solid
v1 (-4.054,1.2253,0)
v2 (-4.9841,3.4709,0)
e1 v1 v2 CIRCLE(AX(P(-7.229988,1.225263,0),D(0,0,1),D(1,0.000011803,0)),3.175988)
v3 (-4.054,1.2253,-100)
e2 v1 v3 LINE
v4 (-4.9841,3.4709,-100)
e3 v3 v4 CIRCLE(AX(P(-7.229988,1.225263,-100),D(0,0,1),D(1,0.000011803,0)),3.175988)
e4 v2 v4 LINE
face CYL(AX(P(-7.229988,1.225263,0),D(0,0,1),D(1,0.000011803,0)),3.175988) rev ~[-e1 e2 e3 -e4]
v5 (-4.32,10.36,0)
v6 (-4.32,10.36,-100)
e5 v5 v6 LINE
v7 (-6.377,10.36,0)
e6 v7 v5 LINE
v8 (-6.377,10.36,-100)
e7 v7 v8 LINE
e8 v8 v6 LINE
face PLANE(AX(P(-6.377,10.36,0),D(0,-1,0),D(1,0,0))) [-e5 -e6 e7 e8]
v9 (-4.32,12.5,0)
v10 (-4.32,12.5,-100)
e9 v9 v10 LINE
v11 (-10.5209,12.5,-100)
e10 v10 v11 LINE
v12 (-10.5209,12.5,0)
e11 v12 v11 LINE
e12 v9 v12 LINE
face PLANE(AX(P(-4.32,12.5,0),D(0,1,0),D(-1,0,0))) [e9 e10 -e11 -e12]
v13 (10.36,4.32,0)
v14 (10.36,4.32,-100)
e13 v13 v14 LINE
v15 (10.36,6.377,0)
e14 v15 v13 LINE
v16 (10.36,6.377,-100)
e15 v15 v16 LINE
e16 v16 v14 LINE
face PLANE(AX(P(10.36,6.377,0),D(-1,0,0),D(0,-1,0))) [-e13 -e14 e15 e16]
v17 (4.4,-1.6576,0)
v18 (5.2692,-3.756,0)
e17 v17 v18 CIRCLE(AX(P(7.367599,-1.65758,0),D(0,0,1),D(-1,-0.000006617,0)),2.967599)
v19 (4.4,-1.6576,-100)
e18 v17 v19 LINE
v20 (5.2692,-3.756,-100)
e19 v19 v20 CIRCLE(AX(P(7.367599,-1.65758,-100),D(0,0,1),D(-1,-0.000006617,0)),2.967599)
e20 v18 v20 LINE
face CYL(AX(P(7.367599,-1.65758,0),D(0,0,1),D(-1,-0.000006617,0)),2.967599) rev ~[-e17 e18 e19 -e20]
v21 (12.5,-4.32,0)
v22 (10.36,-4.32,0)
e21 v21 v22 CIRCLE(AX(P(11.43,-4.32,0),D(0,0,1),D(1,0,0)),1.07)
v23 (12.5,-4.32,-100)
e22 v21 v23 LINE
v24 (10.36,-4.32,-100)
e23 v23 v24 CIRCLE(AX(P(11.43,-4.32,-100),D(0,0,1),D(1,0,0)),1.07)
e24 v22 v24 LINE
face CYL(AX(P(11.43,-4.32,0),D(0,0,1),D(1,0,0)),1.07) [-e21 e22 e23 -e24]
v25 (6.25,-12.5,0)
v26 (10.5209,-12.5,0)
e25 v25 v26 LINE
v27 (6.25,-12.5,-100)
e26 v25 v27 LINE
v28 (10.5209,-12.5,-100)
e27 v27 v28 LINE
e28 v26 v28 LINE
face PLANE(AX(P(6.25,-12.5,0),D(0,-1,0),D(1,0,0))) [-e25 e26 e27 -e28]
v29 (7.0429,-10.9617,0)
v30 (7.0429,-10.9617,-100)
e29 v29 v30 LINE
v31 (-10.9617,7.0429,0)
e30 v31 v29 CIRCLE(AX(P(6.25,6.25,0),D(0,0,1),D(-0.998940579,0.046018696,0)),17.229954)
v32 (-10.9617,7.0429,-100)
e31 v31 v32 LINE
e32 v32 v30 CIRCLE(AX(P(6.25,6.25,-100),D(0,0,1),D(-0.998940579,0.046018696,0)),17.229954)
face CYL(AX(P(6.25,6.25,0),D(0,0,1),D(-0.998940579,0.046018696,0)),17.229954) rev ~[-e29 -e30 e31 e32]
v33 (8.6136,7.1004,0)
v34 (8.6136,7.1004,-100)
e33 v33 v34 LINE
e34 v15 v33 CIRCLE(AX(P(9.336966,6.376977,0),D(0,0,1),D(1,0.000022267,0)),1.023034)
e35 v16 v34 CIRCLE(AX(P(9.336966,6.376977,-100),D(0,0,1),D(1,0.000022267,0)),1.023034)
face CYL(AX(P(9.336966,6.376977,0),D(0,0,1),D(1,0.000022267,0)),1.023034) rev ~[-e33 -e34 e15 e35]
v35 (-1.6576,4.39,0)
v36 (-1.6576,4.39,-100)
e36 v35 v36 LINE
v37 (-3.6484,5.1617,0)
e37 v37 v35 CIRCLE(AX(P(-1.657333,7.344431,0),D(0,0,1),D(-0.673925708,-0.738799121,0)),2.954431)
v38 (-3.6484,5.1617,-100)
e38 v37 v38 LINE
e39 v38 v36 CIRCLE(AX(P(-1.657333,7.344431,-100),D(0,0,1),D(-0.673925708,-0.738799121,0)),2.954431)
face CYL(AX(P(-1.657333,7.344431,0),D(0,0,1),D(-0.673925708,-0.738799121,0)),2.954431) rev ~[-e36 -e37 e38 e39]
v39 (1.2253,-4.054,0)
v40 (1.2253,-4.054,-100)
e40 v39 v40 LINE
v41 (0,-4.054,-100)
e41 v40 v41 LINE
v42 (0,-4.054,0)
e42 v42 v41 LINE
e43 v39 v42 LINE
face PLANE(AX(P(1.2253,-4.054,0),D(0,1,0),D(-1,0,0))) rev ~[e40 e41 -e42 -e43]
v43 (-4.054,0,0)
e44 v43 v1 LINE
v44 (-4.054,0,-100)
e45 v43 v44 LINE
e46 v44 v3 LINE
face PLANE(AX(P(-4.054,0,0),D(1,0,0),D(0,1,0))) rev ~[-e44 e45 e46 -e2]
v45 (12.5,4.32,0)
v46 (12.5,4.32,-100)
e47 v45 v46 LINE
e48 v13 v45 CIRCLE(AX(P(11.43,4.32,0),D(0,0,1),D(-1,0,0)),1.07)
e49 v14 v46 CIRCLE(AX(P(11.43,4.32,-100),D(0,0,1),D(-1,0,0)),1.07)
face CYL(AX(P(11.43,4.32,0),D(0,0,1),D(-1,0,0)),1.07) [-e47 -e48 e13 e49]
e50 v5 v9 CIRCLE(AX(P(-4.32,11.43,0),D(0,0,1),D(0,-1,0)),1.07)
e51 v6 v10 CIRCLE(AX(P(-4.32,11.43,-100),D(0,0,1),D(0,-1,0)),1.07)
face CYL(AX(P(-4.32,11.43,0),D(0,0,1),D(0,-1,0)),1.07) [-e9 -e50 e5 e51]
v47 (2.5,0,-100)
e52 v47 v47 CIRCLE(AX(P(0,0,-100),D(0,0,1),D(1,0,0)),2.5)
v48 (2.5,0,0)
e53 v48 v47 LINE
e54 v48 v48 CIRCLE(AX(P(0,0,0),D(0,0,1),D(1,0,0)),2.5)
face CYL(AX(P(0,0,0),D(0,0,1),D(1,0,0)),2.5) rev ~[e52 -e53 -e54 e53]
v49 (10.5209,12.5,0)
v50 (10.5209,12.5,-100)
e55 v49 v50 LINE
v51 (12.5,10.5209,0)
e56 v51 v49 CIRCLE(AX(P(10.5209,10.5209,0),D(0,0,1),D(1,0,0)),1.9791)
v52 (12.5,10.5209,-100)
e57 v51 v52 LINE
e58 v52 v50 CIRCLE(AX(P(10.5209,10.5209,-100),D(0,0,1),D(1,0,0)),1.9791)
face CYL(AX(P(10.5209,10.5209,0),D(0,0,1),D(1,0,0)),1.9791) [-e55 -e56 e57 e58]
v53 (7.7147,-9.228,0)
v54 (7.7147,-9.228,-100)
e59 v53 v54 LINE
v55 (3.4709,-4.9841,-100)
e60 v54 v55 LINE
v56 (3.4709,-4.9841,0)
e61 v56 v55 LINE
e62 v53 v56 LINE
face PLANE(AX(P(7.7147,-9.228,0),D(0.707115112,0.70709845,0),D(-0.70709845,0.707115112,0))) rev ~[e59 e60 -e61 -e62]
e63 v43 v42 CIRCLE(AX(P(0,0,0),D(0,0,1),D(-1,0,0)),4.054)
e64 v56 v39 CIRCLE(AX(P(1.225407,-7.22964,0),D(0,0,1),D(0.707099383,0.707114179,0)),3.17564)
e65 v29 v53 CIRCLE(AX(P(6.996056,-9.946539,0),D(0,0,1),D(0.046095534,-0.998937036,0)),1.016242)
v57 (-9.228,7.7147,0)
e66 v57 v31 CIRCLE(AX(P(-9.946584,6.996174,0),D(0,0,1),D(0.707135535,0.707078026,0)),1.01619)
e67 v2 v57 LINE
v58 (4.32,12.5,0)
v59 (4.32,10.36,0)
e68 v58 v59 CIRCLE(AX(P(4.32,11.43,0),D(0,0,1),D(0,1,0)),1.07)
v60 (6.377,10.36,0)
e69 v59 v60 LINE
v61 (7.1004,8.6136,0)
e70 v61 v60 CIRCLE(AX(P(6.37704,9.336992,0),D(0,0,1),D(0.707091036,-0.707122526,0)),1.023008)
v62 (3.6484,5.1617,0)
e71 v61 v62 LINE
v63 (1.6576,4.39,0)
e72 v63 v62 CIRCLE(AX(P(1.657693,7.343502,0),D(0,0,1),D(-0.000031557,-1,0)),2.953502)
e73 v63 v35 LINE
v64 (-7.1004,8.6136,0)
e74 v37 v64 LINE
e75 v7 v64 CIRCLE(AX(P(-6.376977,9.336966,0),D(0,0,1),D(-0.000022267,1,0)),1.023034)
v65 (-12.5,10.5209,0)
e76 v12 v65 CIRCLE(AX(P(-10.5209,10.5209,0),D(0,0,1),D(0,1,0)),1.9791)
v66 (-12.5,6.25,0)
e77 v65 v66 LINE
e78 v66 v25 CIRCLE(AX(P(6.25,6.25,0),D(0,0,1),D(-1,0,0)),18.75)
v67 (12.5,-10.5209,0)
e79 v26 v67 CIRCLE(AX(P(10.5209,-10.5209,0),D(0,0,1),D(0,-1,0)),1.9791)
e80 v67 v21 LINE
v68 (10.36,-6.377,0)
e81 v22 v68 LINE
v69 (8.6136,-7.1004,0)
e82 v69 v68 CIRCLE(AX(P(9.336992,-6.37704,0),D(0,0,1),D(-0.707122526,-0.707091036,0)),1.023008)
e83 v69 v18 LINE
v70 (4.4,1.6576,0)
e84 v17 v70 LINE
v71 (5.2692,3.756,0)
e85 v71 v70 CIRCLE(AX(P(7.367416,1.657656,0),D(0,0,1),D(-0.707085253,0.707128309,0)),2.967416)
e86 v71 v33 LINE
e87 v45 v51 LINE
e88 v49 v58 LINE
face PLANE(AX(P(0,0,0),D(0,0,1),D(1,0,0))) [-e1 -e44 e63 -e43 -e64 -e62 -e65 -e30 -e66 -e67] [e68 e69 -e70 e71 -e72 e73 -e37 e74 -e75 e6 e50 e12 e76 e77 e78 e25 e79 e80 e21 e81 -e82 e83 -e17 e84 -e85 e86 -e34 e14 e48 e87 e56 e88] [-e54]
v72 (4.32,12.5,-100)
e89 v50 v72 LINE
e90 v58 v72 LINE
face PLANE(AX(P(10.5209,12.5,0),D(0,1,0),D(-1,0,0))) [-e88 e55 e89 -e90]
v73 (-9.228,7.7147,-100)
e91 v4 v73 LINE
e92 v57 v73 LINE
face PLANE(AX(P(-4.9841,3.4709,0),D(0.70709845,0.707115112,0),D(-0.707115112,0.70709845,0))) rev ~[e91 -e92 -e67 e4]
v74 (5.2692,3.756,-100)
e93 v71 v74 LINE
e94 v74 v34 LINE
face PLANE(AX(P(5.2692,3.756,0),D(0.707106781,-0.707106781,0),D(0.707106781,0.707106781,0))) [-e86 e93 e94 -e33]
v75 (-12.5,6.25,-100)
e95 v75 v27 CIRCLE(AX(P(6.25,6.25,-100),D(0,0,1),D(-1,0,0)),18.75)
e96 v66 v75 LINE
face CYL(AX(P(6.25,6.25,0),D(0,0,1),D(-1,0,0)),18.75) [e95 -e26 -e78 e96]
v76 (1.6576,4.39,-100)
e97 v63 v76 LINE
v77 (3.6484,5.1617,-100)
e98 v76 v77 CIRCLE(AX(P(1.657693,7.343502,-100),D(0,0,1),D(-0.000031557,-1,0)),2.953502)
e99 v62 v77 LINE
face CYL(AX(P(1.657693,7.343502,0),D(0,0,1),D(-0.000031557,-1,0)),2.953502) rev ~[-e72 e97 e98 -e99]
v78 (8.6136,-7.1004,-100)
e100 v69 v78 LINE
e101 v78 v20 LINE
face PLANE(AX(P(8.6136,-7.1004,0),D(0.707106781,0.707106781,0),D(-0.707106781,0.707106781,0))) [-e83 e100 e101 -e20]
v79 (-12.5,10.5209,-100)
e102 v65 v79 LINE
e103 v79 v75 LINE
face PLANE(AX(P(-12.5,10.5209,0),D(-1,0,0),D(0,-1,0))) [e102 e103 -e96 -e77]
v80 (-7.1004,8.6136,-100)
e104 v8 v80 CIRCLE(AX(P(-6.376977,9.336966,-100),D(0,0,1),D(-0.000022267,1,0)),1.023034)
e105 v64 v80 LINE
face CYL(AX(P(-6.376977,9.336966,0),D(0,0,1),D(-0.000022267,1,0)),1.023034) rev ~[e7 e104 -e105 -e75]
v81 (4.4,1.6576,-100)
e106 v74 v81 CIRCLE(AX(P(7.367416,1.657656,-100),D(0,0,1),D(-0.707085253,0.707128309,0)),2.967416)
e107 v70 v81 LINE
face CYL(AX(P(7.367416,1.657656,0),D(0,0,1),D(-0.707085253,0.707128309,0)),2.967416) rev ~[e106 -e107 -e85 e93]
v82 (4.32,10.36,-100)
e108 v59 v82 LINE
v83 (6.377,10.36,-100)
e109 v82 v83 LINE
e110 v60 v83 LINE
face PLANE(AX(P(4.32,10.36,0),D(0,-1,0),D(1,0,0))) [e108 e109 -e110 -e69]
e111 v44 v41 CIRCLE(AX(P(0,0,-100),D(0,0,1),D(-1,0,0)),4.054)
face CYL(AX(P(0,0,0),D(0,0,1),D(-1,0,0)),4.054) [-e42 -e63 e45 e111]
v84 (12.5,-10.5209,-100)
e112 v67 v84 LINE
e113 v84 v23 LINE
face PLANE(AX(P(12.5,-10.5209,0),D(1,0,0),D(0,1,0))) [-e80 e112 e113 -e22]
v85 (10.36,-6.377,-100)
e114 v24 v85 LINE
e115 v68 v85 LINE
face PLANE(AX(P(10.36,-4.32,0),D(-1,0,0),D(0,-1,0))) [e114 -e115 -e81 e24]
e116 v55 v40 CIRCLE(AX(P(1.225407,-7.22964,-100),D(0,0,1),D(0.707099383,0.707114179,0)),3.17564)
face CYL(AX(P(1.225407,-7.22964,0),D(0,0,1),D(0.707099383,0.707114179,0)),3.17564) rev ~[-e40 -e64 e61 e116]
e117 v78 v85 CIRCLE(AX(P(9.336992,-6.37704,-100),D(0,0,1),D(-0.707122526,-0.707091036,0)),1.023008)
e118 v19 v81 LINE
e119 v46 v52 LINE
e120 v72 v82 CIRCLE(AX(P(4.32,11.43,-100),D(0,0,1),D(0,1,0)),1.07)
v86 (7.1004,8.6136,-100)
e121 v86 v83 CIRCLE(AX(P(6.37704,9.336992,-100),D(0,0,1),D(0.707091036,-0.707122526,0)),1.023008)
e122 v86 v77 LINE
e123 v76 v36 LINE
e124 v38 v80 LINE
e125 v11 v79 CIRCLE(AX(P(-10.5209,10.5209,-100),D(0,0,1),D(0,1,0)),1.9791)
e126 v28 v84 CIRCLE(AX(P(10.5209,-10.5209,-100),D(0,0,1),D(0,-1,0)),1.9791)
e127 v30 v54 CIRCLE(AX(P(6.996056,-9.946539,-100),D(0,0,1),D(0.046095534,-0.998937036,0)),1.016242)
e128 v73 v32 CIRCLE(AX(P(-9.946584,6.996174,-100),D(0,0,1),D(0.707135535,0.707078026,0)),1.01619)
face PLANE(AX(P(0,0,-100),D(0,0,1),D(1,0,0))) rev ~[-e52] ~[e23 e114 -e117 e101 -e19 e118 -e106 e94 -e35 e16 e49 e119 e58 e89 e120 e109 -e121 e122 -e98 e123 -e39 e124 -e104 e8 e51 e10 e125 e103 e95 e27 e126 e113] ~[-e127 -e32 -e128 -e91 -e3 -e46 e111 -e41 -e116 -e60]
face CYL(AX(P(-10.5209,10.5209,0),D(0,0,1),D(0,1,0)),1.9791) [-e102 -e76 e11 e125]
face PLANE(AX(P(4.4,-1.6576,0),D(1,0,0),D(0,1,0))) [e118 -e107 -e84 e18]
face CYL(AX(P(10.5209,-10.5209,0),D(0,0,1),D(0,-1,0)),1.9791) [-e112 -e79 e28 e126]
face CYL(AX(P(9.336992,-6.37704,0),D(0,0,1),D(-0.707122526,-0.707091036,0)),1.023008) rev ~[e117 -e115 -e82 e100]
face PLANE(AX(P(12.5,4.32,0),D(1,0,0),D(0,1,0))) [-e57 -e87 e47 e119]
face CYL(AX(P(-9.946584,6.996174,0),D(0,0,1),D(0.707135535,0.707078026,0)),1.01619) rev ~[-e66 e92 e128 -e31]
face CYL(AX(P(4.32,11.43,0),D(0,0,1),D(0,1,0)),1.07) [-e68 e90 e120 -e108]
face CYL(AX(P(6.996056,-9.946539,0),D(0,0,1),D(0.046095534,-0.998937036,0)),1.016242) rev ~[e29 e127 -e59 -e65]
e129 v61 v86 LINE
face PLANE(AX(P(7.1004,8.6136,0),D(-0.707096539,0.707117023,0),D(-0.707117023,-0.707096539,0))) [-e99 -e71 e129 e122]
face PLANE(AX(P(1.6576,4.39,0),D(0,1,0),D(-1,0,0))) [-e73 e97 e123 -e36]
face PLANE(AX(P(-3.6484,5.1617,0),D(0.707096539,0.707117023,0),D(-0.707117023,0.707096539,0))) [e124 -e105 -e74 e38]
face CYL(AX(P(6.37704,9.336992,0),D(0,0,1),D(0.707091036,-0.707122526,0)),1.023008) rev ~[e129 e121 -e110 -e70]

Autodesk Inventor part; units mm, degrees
ref_plane "YZ Plane" through (0, 0, 0) normal (1, 0, 0) x (0, 1, 0)
ref_plane "XZ Plane" through (0, 0, 0) normal (0, 1, 0) x (-1, 0, 0)
ref_plane "XY Plane" through (0, 0, 0) normal (0, 0, 1) x (1, 0, 0)
sketch "Sketch1" plane through (0, 0, 0) normal (0, 0, 1) x (1, 0, 0)
  arc A0 (-10.9617, 7.0429) -> (7.0429, -10.9617) centre (6.25, 6.25) ccw
  arc A1 (-9.228, 7.7147) -> (-10.9617, 7.0429) centre (-9.9466, 6.9961) ccw
  line L0 (-4.9841, 3.4709) -> (-9.228, 7.7147)
  arc A2 (-4.054, 1.2253) -> (-4.9841, 3.4709) centre (-7.2298, 1.2253) ccw
  line L1 (-4.054, 0) -> (-4.054, 1.2253)
  arc A3 (-4.054, 0) -> (0, -4.054) centre (0, 0) ccw
  line L2 (1.2253, -4.054) -> (0, -4.054)
  arc A4 (3.4709, -4.9841) -> (1.2253, -4.054) centre (1.2253, -7.2298) ccw
  line L3 (7.7147, -9.228) -> (3.4709, -4.9841)
  arc A5 (7.0429, -10.9617) -> (7.7147, -9.228) centre (6.9961, -9.9466) ccw
  circle A6 centre (0, 0) radius 2.5
  arc A7 (5.2692, 3.756) -> (4.4, 1.6576) centre (7.3675, 1.6576) ccw
  line L4 (5.2692, 3.756) -> (8.6136, 7.1004)
  arc A8 (10.36, 6.377) -> (8.6136, 7.1004) centre (9.337, 6.377) ccw
  line L5 (10.36, 6.377) -> (10.36, 4.32)
  arc A9 (10.36, 4.32) -> (12.5, 4.32) centre (11.43, 4.32) ccw
  line L6 (12.5, 4.32) -> (12.5, 10.5209)
  arc A10 (12.5, 10.5209) -> (10.5209, 12.5) centre (10.5209, 10.5209) ccw
  line L7 (10.5209, 12.5) -> (4.32, 12.5)
  arc A11 (4.32, 12.5) -> (4.32, 10.36) centre (4.32, 11.43) ccw
  line L8 (4.32, 10.36) -> (6.377, 10.36)
  arc A12 (7.1004, 8.6136) -> (6.377, 10.36) centre (6.377, 9.337) ccw
  line L9 (7.1004, 8.6136) -> (3.6484, 5.1617)
  arc A13 (1.6576, 4.39) -> (3.6484, 5.1617) centre (1.6576, 7.344) ccw
  line L10 (1.6576, 4.39) -> (-1.6576, 4.39)
  arc A14 (-3.6484, 5.1617) -> (-1.6576, 4.39) centre (-1.6576, 7.344) ccw
  line L11 (-3.6484, 5.1617) -> (-7.1004, 8.6136)
  arc A15 (-6.377, 10.36) -> (-7.1004, 8.6136) centre (-6.377, 9.337) ccw
  line L12 (-6.377, 10.36) -> (-4.32, 10.36)
  arc A16 (-4.32, 10.36) -> (-4.32, 12.5) centre (-4.32, 11.43) ccw
  line L13 (-4.32, 12.5) -> (-10.5209, 12.5)
  arc A17 (-10.5209, 12.5) -> (-12.5, 10.5209) centre (-10.5209, 10.5209) ccw
  line L14 (-12.5, 10.5209) -> (-12.5, 6.25)
  arc A18 (-12.5, 6.25) -> (6.25, -12.5) centre (6.25, 6.25) ccw
  line L15 (6.25, -12.5) -> (10.5209, -12.5)
  arc A19 (10.5209, -12.5) -> (12.5, -10.5209) centre (10.5209, -10.5209) ccw
  line L16 (12.5, -10.5209) -> (12.5, -4.32)
  arc A20 (12.5, -4.32) -> (10.36, -4.32) centre (11.43, -4.32) ccw
  line L17 (10.36, -4.32) -> (10.36, -6.377)
  arc A21 (8.6136, -7.1004) -> (10.36, -6.377) centre (9.337, -6.377) ccw
  line L18 (8.6136, -7.1004) -> (5.2692, -3.756)
  arc A22 (4.4, -1.6576) -> (5.2692, -3.756) centre (7.3675, -1.6576) ccw
  line L19 (4.4, -1.6576) -> (4.4, 1.6576)
extrude "Extrusion1" add sketch "Sketch1" against normal blind 100
properties part number "25-2527-BLACK-FB"
